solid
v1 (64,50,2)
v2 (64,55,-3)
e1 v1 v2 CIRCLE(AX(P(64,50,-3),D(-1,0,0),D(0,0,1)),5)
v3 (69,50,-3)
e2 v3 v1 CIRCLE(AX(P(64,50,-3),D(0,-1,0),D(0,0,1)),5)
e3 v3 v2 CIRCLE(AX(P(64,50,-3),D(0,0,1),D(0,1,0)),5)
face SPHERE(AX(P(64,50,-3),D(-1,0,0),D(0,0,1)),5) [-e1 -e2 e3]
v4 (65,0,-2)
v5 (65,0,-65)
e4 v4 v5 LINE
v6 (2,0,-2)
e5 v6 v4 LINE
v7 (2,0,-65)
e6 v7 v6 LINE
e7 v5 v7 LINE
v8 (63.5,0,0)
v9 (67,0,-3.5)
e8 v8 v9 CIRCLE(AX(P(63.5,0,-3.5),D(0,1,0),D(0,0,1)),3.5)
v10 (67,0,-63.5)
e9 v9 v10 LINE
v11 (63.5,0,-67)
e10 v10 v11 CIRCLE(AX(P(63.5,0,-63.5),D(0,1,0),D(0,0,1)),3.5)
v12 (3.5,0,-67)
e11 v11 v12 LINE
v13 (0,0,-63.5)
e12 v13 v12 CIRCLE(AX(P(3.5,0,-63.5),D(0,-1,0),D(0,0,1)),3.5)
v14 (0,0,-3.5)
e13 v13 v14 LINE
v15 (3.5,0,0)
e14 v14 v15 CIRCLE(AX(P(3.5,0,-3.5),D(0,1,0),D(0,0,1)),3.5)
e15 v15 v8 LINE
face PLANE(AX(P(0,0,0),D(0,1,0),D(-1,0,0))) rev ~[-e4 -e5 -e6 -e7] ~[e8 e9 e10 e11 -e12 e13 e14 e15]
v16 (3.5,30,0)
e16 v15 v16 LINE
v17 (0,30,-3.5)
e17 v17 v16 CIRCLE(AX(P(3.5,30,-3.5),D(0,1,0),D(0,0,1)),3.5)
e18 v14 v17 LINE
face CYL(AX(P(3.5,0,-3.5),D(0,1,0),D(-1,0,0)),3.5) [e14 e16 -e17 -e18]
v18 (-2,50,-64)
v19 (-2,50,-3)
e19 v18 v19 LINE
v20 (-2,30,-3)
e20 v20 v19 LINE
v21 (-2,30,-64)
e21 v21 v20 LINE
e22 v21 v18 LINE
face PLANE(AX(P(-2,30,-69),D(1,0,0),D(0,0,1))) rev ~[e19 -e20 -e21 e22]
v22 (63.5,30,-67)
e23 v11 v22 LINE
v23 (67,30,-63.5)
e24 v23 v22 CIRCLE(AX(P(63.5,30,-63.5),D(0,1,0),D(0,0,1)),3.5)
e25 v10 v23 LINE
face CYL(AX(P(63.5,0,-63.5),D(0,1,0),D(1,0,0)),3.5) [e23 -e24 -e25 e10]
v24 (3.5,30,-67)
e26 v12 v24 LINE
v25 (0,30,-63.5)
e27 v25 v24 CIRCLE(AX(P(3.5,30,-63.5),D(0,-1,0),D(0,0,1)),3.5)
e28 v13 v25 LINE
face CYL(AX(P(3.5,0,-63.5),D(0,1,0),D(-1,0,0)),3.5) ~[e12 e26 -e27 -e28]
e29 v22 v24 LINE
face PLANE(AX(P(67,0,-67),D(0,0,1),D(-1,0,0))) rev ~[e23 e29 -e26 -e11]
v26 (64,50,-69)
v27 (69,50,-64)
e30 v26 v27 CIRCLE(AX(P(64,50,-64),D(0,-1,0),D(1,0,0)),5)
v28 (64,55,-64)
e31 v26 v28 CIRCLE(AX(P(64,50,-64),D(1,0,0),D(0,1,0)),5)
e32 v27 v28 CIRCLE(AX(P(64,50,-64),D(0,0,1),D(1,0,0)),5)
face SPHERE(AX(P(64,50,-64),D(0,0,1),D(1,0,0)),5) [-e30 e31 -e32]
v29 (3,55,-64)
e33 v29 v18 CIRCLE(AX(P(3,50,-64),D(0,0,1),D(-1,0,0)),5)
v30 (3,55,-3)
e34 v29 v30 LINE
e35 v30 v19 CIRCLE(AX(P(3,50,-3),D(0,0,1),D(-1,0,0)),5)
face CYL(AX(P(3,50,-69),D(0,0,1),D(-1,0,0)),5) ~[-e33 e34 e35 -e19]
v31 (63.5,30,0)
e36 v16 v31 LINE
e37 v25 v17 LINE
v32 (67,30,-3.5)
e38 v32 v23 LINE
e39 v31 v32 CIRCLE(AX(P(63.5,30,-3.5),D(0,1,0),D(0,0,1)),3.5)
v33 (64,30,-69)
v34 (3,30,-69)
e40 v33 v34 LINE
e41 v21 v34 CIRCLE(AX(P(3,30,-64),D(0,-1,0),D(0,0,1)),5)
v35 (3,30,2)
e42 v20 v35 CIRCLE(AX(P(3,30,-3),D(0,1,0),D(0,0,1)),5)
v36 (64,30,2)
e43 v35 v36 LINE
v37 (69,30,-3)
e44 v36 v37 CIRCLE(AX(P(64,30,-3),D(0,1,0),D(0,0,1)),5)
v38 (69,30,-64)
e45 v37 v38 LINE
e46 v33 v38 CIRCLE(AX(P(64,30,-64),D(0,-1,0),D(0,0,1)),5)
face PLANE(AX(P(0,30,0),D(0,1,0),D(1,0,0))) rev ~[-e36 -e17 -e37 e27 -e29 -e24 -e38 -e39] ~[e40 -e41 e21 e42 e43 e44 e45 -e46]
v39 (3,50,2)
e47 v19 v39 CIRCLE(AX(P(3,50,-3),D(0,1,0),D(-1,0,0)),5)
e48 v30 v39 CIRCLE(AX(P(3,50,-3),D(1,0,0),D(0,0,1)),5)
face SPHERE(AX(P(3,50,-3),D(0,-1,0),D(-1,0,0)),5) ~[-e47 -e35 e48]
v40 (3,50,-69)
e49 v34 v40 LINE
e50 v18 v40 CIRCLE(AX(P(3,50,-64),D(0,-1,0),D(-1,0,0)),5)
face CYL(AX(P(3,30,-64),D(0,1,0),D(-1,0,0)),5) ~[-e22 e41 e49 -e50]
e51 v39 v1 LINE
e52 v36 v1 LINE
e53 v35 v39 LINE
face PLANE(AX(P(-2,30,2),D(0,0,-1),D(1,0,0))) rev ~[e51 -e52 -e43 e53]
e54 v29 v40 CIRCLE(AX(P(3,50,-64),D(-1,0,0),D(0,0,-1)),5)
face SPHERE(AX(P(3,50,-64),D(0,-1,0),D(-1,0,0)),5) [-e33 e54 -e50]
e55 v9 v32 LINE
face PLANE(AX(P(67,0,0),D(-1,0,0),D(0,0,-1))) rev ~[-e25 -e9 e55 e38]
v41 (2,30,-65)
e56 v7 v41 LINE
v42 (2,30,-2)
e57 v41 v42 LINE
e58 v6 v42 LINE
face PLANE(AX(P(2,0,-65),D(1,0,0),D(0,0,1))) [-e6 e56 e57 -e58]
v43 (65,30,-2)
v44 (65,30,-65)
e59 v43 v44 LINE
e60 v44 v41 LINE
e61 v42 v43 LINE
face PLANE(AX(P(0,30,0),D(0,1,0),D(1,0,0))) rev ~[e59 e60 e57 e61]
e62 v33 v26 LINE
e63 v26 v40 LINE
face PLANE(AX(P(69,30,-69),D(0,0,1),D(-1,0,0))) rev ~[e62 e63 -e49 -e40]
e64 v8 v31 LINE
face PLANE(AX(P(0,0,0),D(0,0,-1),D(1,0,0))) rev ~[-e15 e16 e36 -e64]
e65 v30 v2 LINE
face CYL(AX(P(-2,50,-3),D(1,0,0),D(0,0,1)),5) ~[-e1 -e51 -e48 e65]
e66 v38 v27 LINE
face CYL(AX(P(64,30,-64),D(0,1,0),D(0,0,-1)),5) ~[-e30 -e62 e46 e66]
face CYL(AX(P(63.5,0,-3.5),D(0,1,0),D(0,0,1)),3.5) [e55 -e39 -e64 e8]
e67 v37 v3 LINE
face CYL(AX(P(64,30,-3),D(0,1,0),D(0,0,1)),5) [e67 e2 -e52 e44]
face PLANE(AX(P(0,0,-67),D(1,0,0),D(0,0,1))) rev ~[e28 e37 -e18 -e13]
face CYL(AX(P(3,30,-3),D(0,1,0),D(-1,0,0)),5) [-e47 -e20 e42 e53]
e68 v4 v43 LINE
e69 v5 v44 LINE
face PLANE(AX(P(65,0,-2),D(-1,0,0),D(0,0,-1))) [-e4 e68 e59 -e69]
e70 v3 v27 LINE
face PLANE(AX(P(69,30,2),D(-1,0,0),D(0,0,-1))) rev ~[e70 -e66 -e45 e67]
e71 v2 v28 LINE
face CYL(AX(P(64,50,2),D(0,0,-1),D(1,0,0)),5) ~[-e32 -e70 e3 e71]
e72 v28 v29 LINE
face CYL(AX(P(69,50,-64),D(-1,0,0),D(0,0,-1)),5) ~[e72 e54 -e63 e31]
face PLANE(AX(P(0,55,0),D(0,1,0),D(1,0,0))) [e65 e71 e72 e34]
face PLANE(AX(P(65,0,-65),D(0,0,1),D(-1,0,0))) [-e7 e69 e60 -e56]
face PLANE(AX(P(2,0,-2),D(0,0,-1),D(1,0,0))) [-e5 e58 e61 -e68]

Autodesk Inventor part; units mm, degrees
ref_plane "YZ Plane" through (0, 0, 0) normal (1, 0, 0) x (0, 1, 0)
ref_plane "XZ Plane" through (0, 0, 0) normal (0, 1, 0) x (-1, 0, 0)
ref_plane "XY Plane" through (0, 0, 0) normal (0, 0, 1) x (1, 0, 0)
sketch "草图1" plane through (0, 0, 0) normal (0, 1, 0) x (-1, 0, 0)
  line L0 (0, 0) -> (-67, 0)
  line L1 (-67, 0) -> (-67, -67)
  line L2 (-67, -67) -> (0, -67)
  line L3 (0, -67) -> (0, 0)
  line L4 (-2, -2) -> (-65, -2)
  line L5 (-65, -2) -> (-65, -65)
  line L6 (-65, -65) -> (-2, -65)
  line L7 (-2, -65) -> (-2, -2)
  dimension "d0" = 67
  dimension "d1" = 67
  dimension "d2" = 2
extrude "拉伸1" add sketch "草图1" along normal blind 30
sketch "草图2" plane through (0, 30, 0) normal (0, 1, 0) x (1, 0, 0)
  line L0 (67, 67) -> (0, 67) projected
  line L1 (0, 0) -> (67, 0)
  line L2 (67, 0) -> (67, 67)
  line L3 (67, 67) -> (0, 67)
  line L4 (0, 67) -> (0, 0)
  line L5 (-2, -2) -> (69, -2)
  line L6 (69, -2) -> (69, 69)
  line L7 (69, 69) -> (-2, 69)
  line L8 (-2, 69) -> (-2, -2)
  dimension "d5" = 2
extrude "拉伸2" add sketch "草图2" along normal blind 25 contours L2 L1 L4 L0 | L8 L7 L6 L5
fillet "圆角1" radius 3.5 4 edges at (67, 15, 0) (67, 15, -67) (0, 15, 0) (0, 15, -67)
fillet "圆角2" radius 5 8 edges at (-2, 42.5, 2) (-2, 42.5, -69) (-2, 55, -33.5) (33.5, 55, 2) (69, 42.5, 2) (69, 55, -33.5) (69, 42.5, -69) (33.5, 55, -69)
properties part number "顶盖"
